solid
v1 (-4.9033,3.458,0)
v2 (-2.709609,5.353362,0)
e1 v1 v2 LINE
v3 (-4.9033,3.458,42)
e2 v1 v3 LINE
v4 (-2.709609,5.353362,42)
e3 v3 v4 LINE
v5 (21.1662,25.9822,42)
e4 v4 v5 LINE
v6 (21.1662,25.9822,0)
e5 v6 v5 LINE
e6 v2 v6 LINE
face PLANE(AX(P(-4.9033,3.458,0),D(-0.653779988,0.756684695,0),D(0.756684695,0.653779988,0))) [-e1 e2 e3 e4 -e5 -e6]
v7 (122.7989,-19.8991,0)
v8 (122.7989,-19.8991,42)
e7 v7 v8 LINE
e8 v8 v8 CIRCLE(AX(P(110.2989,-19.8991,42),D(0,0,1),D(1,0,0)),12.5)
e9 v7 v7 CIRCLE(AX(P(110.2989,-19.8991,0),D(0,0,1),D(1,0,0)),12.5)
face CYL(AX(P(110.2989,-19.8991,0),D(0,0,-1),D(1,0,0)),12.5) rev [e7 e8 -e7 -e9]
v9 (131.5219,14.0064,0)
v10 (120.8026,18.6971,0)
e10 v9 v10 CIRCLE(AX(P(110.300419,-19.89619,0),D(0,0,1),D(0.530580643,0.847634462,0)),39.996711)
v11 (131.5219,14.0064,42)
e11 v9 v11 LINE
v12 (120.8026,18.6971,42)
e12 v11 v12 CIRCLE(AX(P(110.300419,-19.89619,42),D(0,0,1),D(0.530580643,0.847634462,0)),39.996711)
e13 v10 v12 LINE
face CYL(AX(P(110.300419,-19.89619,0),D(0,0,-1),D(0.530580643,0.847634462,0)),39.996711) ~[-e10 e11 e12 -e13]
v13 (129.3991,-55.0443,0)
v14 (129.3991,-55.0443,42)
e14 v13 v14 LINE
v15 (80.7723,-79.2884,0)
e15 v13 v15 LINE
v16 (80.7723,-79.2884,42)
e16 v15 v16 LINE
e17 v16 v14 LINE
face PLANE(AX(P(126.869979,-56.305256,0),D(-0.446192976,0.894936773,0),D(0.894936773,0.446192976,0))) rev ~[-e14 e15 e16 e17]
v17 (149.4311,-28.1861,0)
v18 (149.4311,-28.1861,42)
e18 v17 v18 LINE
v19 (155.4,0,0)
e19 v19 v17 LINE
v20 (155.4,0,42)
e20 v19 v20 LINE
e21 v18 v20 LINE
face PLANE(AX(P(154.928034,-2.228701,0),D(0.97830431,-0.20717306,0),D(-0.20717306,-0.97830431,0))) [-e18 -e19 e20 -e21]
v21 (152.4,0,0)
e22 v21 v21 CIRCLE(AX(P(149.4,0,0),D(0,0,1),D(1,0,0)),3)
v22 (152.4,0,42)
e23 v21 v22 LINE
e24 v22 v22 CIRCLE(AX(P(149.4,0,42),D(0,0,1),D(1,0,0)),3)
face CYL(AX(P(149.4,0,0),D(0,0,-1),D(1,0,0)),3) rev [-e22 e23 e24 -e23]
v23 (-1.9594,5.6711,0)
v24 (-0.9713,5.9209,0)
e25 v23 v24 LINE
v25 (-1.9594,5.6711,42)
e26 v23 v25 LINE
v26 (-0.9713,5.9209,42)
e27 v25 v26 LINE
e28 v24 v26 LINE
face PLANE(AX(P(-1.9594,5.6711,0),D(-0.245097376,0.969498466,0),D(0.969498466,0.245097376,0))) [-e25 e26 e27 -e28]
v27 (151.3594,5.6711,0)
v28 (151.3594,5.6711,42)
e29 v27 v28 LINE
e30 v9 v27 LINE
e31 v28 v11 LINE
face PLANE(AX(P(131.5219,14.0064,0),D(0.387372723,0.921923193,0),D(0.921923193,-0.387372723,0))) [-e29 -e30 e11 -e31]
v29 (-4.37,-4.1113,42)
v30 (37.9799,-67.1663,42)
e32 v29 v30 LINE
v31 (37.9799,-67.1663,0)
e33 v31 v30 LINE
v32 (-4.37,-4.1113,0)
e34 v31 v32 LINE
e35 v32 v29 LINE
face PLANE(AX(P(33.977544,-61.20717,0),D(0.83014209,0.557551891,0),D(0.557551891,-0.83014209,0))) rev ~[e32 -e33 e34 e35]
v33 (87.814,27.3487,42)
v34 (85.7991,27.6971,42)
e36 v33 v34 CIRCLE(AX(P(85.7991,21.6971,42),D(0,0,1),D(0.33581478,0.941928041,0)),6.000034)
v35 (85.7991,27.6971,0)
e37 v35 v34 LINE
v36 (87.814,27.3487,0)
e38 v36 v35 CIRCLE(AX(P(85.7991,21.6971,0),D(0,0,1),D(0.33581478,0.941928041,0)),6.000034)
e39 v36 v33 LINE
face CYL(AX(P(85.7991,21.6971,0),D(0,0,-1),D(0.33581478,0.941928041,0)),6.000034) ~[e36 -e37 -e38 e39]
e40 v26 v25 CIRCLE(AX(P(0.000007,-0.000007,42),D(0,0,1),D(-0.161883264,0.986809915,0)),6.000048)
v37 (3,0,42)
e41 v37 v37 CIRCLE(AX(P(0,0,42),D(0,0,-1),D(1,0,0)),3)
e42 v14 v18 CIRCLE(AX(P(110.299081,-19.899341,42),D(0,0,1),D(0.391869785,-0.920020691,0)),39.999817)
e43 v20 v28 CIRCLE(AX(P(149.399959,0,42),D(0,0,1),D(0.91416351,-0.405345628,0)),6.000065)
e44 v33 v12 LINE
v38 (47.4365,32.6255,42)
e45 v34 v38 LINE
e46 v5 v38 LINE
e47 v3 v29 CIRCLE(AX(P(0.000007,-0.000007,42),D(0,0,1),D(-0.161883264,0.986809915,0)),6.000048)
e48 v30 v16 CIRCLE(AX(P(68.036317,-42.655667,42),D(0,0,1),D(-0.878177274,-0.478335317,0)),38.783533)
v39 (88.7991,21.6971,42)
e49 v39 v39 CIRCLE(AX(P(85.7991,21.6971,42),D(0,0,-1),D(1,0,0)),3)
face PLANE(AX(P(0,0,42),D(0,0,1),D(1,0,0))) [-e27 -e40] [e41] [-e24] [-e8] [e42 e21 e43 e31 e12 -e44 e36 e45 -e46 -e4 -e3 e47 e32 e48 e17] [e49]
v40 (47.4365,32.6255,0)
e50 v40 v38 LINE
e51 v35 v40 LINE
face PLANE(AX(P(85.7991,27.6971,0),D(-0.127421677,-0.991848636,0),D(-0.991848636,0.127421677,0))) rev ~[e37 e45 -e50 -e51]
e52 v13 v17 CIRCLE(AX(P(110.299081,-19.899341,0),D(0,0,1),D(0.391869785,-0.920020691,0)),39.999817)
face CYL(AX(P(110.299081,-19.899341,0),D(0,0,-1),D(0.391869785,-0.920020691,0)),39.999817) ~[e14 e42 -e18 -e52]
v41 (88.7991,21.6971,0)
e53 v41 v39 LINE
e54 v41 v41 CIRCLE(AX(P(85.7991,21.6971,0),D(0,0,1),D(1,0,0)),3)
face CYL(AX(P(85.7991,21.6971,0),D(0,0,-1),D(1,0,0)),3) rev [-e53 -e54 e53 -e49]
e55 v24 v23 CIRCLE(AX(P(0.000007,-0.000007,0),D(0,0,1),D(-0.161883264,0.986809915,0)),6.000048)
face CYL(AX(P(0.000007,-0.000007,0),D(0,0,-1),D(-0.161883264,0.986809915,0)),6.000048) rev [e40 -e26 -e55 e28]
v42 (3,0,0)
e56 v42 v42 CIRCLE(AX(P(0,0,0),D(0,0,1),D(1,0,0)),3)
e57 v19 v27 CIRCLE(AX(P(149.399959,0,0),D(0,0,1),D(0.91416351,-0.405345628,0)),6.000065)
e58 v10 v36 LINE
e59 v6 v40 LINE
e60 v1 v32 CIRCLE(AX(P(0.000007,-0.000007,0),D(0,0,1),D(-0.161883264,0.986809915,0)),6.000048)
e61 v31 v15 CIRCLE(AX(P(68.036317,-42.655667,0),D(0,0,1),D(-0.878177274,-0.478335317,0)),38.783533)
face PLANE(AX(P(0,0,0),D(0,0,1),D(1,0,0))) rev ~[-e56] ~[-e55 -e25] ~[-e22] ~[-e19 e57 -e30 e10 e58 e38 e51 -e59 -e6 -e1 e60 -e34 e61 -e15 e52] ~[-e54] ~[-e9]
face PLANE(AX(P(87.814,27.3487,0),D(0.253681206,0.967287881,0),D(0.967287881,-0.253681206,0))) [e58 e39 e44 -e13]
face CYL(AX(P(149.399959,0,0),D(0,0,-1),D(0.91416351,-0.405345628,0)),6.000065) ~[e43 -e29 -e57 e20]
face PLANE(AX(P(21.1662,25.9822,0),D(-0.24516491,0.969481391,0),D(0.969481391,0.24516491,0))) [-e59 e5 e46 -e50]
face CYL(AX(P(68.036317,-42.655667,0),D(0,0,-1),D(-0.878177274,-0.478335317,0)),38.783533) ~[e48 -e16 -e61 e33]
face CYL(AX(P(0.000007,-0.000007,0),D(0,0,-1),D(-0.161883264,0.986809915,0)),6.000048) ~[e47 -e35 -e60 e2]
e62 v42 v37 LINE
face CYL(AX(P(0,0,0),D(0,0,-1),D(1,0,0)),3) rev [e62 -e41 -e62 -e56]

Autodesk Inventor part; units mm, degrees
ref_plane "YZ Plane" through (0, 0, 0) normal (1, 0, 0) x (0, 1, 0)
ref_plane "XZ Plane" through (0, 0, 0) normal (0, 1, 0) x (-1, 0, 0)
ref_plane "XY Plane" through (0, 0, 0) normal (0, 0, 1) x (1, 0, 0)
sketch "Sketch1" plane through (0, 0, 0) normal (0, 0, 1) x (1, 0, 0)
  circle A0 centre (0, 0) radius 3
  circle A1 centre (149.4, 0) radius 3
  circle A2 centre (85.7991, 21.6971) radius 3
  circle A3 centre (110.2989, -19.8991) radius 12.5
  arc A4 (87.814, 27.3487) -> (83.7842, 27.3487) centre (85.7991, 21.6971) ccw
  arc A5 (154.885, -2.4321) -> (151.3594, 5.6711) centre (149.4, 0) ccw
  arc A6 (-0.9713, 5.9209) -> (-1.9594, -5.6711) centre (0, 0) ccw
  line L0 (-1.9594, 5.6711) -> (-0.9713, 5.9209)
  line L1 (87.814, 27.3487) -> (120.8026, 18.6971)
  line L2 (131.5219, 14.0064) -> (151.3594, 5.6711)
  line L3 (155.4, 0) -> (149.4311, -28.1861)
  arc A7 (131.5219, 14.0064) -> (120.0887, 18.8843) centre (110.2989, -19.8991) ccw
  line L4 (21.1662, 25.9822) -> (47.4365, 32.6255)
  line L5 (-4.9033, 3.458) -> (21.1662, 25.9822)
  line L6 (85.7991, 27.6971) -> (47.4365, 32.6255)
  line L7 (0, 0) -> (2.9084, 0.7355)
  line L8 (82.8907, 20.9616) -> (85.7991, 21.6971)
  arc A8 (125.9738, -56.7) -> (149.4311, -28.1861) centre (110.2989, -19.8991) ccw
  line L9 (80.7723, -79.2884) -> (129.3991, -55.0443)
  line L10 (-4.37, -4.1113) -> (37.9799, -67.1663)
  arc A9 (88.5511, 22.8914) -> (86.7834, 21.946) centre (110.2989, -19.8991) ccw
  arc A10 (154.9491, -2.282) -> (150.7621, 5.922) centre (110.2989, -19.8991) ccw
  arc A11 (33.9775, -61.2072) -> (80.7723, -79.2884) centre (68.0362, -42.6558) ccw
  point P0 (111.3369, -59.8857)
  dimension "d3" = 6
  dimension "d5" = 6
  dimension "d15" = 6
  dimension "d18" = 25
  dimension "d19" = 12
  dimension "d20" = 12
  dimension "d21" = 12
extrude "Extrusion2" add sketch "Sketch1" along normal blind 42 contours L1 A7 L2 A10 L3 A8 L9 A11 L10 A6 L5 L4 L6 A4 | L2 A5 L3 A10
properties part number "body droit"
